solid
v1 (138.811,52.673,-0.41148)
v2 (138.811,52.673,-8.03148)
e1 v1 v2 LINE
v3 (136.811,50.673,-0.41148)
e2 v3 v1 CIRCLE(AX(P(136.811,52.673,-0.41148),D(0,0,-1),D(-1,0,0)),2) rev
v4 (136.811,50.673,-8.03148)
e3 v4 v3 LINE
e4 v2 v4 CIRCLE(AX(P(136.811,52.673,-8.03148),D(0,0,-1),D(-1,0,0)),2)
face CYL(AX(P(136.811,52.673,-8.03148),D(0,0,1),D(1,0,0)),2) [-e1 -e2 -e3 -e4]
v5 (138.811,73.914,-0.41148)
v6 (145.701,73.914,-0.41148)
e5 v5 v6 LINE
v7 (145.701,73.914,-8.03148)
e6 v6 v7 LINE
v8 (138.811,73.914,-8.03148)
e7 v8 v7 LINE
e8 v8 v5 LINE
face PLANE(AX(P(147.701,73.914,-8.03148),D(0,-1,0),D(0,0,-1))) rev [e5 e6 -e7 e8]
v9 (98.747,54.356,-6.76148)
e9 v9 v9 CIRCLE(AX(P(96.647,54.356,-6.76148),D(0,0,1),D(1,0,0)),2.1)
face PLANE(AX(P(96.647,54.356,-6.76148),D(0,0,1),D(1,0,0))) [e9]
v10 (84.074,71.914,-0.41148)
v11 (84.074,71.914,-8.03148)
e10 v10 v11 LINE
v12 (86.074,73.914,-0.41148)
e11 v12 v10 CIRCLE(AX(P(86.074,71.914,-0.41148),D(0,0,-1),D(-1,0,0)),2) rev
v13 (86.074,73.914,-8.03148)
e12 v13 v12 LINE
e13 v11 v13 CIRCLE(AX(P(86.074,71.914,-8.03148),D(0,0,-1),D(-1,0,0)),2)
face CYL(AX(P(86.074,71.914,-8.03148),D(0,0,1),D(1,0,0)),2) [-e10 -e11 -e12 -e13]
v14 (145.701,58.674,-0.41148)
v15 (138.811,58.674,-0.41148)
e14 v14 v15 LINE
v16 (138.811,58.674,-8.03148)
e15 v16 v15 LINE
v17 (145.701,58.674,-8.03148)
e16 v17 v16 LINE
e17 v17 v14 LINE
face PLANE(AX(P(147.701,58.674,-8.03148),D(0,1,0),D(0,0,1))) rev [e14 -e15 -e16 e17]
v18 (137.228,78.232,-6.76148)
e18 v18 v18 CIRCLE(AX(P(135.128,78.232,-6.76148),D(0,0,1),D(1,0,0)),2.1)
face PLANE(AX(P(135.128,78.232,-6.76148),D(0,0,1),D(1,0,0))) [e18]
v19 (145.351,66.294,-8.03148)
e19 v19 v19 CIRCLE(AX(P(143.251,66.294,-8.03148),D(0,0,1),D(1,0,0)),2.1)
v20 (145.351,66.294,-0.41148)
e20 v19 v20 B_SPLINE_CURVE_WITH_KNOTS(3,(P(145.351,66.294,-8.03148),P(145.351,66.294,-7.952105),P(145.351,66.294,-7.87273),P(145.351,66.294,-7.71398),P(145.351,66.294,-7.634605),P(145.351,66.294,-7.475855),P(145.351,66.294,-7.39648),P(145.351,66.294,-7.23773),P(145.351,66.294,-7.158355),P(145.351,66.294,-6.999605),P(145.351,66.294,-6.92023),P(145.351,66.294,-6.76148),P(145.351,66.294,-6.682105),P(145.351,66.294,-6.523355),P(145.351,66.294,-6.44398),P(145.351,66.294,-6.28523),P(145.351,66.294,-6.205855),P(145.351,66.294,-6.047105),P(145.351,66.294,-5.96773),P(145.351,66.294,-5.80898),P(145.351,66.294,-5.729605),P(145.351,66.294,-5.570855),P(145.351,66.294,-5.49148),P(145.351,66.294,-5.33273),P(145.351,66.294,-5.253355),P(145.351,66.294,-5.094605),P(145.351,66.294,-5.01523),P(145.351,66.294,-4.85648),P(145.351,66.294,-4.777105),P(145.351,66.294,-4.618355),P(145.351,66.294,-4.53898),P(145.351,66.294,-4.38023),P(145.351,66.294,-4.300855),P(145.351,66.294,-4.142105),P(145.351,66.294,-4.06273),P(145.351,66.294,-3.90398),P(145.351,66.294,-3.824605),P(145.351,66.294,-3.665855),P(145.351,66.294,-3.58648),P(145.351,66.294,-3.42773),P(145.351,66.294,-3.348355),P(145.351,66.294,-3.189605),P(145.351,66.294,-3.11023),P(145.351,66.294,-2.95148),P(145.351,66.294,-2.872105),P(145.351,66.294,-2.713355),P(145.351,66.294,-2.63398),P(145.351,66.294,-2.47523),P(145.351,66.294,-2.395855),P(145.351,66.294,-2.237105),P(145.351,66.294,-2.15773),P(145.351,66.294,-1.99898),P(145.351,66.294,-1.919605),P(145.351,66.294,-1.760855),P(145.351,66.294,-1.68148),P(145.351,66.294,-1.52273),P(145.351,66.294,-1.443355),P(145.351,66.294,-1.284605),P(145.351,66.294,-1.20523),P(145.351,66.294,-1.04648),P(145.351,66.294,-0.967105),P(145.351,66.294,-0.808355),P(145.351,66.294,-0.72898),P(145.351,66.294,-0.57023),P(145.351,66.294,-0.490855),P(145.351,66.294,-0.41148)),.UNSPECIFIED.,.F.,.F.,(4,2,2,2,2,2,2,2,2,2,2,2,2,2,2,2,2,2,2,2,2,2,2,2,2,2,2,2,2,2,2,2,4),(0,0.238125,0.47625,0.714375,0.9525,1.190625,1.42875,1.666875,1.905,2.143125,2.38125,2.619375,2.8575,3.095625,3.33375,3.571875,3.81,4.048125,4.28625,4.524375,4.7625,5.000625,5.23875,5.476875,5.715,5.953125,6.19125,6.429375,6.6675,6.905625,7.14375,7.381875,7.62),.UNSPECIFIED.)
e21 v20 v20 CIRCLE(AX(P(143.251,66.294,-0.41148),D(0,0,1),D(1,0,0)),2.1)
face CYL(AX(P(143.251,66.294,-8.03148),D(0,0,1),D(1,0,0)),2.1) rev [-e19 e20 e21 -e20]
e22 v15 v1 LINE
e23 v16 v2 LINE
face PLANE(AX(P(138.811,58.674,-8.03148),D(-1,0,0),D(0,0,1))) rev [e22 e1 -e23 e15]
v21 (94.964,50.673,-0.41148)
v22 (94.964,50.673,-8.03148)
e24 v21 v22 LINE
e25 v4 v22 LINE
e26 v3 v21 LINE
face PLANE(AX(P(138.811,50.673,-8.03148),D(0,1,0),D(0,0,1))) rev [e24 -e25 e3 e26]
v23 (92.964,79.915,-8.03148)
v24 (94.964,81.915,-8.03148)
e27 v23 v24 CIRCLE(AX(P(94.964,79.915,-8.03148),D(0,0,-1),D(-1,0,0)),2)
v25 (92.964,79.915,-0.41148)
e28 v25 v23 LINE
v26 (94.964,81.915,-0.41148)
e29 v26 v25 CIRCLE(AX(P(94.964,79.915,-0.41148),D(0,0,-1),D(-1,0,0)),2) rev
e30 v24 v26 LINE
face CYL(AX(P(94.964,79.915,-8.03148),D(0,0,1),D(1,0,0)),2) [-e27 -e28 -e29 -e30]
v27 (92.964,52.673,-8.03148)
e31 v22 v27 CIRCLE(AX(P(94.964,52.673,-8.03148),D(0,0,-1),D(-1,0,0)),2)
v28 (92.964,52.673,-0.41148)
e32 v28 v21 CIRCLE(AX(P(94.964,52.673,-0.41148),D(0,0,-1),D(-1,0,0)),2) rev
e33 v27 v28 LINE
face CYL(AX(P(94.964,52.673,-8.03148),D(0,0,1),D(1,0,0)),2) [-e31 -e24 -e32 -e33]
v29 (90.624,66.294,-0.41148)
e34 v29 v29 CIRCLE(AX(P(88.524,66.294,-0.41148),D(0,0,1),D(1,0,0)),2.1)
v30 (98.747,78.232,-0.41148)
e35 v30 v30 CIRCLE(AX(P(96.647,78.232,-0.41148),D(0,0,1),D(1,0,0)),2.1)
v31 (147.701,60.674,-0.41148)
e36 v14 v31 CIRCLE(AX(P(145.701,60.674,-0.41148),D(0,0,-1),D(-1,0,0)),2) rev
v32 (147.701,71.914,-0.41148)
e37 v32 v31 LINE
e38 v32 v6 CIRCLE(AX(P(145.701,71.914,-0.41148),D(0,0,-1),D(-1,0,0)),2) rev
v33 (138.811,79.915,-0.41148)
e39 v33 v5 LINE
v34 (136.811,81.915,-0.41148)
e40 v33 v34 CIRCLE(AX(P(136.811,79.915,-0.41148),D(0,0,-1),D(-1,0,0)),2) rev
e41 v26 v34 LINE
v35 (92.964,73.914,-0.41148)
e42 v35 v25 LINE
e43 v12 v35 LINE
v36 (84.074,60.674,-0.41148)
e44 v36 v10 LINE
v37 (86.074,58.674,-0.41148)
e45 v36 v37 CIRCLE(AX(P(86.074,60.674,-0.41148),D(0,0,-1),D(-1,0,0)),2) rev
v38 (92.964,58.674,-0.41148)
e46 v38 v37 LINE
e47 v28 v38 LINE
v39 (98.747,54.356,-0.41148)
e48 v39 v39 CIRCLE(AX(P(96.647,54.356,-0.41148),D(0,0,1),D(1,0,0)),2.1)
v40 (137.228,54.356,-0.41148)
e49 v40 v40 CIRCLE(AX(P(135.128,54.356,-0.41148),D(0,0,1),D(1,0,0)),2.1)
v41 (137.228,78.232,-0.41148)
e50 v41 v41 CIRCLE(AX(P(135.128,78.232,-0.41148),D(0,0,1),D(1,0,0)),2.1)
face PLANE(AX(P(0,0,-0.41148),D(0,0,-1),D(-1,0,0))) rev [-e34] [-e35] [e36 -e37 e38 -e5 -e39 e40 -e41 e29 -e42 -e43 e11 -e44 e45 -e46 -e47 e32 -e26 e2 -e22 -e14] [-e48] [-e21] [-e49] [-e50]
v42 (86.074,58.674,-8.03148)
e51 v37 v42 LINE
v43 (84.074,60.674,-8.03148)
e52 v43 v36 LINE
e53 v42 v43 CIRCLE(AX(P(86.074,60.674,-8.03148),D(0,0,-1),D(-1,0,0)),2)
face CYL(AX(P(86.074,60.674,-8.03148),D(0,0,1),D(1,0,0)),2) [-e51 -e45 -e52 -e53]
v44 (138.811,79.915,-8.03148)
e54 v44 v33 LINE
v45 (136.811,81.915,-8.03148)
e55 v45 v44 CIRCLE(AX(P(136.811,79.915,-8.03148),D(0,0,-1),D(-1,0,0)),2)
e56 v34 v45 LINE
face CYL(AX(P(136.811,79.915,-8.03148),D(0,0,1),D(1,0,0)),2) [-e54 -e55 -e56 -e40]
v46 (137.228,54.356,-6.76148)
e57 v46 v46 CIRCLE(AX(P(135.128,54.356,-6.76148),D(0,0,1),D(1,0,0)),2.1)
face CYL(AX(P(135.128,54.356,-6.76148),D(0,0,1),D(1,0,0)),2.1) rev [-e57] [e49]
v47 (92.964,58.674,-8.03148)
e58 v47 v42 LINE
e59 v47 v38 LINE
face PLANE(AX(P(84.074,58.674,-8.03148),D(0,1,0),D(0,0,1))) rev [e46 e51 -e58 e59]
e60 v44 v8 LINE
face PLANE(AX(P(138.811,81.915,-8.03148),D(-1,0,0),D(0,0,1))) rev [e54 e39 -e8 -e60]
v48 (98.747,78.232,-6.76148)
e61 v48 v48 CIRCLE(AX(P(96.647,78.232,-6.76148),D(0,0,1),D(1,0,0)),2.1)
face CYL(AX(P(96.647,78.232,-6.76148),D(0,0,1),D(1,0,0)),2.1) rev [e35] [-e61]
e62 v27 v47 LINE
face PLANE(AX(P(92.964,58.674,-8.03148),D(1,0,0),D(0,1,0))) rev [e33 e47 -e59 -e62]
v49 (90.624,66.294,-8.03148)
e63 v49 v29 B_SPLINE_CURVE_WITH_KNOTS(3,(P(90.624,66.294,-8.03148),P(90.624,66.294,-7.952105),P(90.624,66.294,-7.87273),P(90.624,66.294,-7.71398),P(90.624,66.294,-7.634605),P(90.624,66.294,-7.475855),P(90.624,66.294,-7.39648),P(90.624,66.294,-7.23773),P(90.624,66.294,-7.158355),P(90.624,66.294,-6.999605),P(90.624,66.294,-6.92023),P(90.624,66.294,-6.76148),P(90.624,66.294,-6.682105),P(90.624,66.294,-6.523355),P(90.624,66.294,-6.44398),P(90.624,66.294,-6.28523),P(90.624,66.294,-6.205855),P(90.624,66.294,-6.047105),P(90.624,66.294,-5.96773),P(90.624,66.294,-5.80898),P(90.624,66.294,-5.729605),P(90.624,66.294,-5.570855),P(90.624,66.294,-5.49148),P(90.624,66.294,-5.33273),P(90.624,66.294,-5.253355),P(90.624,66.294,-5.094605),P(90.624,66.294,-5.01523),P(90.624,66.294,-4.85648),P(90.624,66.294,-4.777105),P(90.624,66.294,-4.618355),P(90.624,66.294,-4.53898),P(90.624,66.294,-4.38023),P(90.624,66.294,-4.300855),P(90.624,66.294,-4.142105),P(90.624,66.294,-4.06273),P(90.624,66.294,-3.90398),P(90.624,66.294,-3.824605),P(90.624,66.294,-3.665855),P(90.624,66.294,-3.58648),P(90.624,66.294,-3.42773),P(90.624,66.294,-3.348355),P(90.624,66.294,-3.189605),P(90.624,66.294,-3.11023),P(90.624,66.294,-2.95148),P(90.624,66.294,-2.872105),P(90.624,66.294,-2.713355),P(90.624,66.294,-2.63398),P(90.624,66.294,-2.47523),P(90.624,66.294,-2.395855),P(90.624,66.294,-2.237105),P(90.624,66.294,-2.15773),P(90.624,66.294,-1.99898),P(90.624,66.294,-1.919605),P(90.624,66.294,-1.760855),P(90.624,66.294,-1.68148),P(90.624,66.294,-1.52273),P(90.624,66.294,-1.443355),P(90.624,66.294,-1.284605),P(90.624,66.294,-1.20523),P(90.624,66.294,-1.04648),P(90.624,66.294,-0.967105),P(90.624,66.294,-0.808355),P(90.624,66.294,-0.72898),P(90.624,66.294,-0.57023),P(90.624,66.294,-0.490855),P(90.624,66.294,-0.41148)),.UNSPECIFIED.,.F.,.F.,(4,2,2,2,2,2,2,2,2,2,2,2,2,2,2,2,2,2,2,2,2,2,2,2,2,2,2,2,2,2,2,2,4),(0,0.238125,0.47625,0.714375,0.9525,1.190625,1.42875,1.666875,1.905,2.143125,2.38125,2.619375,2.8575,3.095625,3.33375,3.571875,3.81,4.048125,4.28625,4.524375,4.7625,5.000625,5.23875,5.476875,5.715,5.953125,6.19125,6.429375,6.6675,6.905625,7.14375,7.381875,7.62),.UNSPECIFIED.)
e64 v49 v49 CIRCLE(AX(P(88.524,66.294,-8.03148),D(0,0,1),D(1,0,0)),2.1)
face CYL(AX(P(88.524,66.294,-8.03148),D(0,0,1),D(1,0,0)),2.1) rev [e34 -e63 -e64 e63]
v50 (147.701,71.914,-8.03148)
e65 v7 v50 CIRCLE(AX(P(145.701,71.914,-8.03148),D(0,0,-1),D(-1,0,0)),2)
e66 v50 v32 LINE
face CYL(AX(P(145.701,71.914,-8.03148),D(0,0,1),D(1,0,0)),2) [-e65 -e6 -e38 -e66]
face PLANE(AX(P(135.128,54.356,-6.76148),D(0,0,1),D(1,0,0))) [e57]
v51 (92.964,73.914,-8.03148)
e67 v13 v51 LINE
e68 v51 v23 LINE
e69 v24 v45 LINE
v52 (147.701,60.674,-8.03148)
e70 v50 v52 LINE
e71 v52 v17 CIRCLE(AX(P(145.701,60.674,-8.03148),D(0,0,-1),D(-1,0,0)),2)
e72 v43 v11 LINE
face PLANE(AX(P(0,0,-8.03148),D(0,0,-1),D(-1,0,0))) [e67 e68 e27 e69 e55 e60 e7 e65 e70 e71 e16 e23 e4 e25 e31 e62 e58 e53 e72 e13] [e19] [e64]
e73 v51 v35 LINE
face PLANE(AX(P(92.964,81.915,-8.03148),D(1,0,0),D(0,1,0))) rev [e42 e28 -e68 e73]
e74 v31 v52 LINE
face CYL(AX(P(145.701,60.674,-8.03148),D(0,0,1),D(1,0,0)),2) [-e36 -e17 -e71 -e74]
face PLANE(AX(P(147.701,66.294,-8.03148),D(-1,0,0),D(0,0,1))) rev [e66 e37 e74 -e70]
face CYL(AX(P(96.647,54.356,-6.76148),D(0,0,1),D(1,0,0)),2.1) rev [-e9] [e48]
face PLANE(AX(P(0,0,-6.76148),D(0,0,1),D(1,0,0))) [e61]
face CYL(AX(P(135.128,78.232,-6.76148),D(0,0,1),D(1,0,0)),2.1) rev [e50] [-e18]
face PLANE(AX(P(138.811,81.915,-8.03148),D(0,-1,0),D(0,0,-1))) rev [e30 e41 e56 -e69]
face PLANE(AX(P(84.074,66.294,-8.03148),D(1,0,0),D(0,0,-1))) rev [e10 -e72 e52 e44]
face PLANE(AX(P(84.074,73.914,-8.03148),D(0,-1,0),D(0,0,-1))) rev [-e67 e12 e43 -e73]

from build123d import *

# Parameters (mm, degrees)
BOSS_EXTRUDE1_DEPTH = 7.62
SKETCH3_R           = 2.099999991
SKETCH3_R_2         = 2.1
CUT_EXTRUDE1_DEPTH  = 170.067196777
SKETCH3_3_R         = 2.1
CUT_EXTRUDE2_DEPTH  = 6.35
FILLET1_R           = 2


with BuildPart() as part:
    # Sketch2 → Boss-Extrude1 (new body)
    with BuildSketch(Plane(origin=(0, 0, -0.41148), x_dir=(-1, 0, 0), z_dir=(0, 0, -1))):
        Polygon((-92.964, 58.674), (-92.964, 50.673), (-138.811, 50.673), (-138.811, 58.674), (-147.701, 58.674), (-147.701, 66.294), (-147.701, 73.914), (-138.811, 73.914), (-138.811, 81.915), (-92.964, 81.915), (-92.964, 73.914), (-84.074, 73.914), (-84.074, 66.294), (-84.074, 58.674), align=None)
    extrude(amount=BOSS_EXTRUDE1_DEPTH)

    # Sketch3 → Cut-Extrude1 (cut, through all)
    with BuildSketch(Plane.XY.offset(-0.41148)):
        with Locations((88.524, 66.294)):
            Circle(SKETCH3_R)
        with Locations((143.251, 66.294)):
            Circle(SKETCH3_R_2)
    extrude(amount=-CUT_EXTRUDE1_DEPTH, mode=Mode.SUBTRACT)

    # Sketch3<3> → Cut-Extrude2 (cut)
    with BuildSketch(Plane.XY.offset(-0.41148)):
        with Locations((96.647, 78.232)):
            Circle(SKETCH3_3_R)
        with Locations((96.647, 54.356)):
            Circle(SKETCH3_3_R)
        with Locations((135.128, 54.356)):
            Circle(SKETCH3_3_R)
        with Locations((135.128, 78.232)):
            Circle(SKETCH3_3_R)
    extrude(amount=-CUT_EXTRUDE2_DEPTH, mode=Mode.SUBTRACT)

    # Fillet1
    fillet1_edges = [part.edges().sort_by_distance(p)[0] for p in [
        (138.811, 81.915, -4.22148),
        (92.964, 81.915, -4.22148),
        (84.074, 73.914, -4.22148),
        (84.074, 58.674, -4.22148),
        (92.964, 50.673, -4.22148),
        (138.811, 50.673, -4.22148),
        (147.701, 58.674, -4.22148),
        (147.701, 73.914, -4.22148),
    ]]
    fillet(fillet1_edges, radius=FILLET1_R)


solid = part.part
